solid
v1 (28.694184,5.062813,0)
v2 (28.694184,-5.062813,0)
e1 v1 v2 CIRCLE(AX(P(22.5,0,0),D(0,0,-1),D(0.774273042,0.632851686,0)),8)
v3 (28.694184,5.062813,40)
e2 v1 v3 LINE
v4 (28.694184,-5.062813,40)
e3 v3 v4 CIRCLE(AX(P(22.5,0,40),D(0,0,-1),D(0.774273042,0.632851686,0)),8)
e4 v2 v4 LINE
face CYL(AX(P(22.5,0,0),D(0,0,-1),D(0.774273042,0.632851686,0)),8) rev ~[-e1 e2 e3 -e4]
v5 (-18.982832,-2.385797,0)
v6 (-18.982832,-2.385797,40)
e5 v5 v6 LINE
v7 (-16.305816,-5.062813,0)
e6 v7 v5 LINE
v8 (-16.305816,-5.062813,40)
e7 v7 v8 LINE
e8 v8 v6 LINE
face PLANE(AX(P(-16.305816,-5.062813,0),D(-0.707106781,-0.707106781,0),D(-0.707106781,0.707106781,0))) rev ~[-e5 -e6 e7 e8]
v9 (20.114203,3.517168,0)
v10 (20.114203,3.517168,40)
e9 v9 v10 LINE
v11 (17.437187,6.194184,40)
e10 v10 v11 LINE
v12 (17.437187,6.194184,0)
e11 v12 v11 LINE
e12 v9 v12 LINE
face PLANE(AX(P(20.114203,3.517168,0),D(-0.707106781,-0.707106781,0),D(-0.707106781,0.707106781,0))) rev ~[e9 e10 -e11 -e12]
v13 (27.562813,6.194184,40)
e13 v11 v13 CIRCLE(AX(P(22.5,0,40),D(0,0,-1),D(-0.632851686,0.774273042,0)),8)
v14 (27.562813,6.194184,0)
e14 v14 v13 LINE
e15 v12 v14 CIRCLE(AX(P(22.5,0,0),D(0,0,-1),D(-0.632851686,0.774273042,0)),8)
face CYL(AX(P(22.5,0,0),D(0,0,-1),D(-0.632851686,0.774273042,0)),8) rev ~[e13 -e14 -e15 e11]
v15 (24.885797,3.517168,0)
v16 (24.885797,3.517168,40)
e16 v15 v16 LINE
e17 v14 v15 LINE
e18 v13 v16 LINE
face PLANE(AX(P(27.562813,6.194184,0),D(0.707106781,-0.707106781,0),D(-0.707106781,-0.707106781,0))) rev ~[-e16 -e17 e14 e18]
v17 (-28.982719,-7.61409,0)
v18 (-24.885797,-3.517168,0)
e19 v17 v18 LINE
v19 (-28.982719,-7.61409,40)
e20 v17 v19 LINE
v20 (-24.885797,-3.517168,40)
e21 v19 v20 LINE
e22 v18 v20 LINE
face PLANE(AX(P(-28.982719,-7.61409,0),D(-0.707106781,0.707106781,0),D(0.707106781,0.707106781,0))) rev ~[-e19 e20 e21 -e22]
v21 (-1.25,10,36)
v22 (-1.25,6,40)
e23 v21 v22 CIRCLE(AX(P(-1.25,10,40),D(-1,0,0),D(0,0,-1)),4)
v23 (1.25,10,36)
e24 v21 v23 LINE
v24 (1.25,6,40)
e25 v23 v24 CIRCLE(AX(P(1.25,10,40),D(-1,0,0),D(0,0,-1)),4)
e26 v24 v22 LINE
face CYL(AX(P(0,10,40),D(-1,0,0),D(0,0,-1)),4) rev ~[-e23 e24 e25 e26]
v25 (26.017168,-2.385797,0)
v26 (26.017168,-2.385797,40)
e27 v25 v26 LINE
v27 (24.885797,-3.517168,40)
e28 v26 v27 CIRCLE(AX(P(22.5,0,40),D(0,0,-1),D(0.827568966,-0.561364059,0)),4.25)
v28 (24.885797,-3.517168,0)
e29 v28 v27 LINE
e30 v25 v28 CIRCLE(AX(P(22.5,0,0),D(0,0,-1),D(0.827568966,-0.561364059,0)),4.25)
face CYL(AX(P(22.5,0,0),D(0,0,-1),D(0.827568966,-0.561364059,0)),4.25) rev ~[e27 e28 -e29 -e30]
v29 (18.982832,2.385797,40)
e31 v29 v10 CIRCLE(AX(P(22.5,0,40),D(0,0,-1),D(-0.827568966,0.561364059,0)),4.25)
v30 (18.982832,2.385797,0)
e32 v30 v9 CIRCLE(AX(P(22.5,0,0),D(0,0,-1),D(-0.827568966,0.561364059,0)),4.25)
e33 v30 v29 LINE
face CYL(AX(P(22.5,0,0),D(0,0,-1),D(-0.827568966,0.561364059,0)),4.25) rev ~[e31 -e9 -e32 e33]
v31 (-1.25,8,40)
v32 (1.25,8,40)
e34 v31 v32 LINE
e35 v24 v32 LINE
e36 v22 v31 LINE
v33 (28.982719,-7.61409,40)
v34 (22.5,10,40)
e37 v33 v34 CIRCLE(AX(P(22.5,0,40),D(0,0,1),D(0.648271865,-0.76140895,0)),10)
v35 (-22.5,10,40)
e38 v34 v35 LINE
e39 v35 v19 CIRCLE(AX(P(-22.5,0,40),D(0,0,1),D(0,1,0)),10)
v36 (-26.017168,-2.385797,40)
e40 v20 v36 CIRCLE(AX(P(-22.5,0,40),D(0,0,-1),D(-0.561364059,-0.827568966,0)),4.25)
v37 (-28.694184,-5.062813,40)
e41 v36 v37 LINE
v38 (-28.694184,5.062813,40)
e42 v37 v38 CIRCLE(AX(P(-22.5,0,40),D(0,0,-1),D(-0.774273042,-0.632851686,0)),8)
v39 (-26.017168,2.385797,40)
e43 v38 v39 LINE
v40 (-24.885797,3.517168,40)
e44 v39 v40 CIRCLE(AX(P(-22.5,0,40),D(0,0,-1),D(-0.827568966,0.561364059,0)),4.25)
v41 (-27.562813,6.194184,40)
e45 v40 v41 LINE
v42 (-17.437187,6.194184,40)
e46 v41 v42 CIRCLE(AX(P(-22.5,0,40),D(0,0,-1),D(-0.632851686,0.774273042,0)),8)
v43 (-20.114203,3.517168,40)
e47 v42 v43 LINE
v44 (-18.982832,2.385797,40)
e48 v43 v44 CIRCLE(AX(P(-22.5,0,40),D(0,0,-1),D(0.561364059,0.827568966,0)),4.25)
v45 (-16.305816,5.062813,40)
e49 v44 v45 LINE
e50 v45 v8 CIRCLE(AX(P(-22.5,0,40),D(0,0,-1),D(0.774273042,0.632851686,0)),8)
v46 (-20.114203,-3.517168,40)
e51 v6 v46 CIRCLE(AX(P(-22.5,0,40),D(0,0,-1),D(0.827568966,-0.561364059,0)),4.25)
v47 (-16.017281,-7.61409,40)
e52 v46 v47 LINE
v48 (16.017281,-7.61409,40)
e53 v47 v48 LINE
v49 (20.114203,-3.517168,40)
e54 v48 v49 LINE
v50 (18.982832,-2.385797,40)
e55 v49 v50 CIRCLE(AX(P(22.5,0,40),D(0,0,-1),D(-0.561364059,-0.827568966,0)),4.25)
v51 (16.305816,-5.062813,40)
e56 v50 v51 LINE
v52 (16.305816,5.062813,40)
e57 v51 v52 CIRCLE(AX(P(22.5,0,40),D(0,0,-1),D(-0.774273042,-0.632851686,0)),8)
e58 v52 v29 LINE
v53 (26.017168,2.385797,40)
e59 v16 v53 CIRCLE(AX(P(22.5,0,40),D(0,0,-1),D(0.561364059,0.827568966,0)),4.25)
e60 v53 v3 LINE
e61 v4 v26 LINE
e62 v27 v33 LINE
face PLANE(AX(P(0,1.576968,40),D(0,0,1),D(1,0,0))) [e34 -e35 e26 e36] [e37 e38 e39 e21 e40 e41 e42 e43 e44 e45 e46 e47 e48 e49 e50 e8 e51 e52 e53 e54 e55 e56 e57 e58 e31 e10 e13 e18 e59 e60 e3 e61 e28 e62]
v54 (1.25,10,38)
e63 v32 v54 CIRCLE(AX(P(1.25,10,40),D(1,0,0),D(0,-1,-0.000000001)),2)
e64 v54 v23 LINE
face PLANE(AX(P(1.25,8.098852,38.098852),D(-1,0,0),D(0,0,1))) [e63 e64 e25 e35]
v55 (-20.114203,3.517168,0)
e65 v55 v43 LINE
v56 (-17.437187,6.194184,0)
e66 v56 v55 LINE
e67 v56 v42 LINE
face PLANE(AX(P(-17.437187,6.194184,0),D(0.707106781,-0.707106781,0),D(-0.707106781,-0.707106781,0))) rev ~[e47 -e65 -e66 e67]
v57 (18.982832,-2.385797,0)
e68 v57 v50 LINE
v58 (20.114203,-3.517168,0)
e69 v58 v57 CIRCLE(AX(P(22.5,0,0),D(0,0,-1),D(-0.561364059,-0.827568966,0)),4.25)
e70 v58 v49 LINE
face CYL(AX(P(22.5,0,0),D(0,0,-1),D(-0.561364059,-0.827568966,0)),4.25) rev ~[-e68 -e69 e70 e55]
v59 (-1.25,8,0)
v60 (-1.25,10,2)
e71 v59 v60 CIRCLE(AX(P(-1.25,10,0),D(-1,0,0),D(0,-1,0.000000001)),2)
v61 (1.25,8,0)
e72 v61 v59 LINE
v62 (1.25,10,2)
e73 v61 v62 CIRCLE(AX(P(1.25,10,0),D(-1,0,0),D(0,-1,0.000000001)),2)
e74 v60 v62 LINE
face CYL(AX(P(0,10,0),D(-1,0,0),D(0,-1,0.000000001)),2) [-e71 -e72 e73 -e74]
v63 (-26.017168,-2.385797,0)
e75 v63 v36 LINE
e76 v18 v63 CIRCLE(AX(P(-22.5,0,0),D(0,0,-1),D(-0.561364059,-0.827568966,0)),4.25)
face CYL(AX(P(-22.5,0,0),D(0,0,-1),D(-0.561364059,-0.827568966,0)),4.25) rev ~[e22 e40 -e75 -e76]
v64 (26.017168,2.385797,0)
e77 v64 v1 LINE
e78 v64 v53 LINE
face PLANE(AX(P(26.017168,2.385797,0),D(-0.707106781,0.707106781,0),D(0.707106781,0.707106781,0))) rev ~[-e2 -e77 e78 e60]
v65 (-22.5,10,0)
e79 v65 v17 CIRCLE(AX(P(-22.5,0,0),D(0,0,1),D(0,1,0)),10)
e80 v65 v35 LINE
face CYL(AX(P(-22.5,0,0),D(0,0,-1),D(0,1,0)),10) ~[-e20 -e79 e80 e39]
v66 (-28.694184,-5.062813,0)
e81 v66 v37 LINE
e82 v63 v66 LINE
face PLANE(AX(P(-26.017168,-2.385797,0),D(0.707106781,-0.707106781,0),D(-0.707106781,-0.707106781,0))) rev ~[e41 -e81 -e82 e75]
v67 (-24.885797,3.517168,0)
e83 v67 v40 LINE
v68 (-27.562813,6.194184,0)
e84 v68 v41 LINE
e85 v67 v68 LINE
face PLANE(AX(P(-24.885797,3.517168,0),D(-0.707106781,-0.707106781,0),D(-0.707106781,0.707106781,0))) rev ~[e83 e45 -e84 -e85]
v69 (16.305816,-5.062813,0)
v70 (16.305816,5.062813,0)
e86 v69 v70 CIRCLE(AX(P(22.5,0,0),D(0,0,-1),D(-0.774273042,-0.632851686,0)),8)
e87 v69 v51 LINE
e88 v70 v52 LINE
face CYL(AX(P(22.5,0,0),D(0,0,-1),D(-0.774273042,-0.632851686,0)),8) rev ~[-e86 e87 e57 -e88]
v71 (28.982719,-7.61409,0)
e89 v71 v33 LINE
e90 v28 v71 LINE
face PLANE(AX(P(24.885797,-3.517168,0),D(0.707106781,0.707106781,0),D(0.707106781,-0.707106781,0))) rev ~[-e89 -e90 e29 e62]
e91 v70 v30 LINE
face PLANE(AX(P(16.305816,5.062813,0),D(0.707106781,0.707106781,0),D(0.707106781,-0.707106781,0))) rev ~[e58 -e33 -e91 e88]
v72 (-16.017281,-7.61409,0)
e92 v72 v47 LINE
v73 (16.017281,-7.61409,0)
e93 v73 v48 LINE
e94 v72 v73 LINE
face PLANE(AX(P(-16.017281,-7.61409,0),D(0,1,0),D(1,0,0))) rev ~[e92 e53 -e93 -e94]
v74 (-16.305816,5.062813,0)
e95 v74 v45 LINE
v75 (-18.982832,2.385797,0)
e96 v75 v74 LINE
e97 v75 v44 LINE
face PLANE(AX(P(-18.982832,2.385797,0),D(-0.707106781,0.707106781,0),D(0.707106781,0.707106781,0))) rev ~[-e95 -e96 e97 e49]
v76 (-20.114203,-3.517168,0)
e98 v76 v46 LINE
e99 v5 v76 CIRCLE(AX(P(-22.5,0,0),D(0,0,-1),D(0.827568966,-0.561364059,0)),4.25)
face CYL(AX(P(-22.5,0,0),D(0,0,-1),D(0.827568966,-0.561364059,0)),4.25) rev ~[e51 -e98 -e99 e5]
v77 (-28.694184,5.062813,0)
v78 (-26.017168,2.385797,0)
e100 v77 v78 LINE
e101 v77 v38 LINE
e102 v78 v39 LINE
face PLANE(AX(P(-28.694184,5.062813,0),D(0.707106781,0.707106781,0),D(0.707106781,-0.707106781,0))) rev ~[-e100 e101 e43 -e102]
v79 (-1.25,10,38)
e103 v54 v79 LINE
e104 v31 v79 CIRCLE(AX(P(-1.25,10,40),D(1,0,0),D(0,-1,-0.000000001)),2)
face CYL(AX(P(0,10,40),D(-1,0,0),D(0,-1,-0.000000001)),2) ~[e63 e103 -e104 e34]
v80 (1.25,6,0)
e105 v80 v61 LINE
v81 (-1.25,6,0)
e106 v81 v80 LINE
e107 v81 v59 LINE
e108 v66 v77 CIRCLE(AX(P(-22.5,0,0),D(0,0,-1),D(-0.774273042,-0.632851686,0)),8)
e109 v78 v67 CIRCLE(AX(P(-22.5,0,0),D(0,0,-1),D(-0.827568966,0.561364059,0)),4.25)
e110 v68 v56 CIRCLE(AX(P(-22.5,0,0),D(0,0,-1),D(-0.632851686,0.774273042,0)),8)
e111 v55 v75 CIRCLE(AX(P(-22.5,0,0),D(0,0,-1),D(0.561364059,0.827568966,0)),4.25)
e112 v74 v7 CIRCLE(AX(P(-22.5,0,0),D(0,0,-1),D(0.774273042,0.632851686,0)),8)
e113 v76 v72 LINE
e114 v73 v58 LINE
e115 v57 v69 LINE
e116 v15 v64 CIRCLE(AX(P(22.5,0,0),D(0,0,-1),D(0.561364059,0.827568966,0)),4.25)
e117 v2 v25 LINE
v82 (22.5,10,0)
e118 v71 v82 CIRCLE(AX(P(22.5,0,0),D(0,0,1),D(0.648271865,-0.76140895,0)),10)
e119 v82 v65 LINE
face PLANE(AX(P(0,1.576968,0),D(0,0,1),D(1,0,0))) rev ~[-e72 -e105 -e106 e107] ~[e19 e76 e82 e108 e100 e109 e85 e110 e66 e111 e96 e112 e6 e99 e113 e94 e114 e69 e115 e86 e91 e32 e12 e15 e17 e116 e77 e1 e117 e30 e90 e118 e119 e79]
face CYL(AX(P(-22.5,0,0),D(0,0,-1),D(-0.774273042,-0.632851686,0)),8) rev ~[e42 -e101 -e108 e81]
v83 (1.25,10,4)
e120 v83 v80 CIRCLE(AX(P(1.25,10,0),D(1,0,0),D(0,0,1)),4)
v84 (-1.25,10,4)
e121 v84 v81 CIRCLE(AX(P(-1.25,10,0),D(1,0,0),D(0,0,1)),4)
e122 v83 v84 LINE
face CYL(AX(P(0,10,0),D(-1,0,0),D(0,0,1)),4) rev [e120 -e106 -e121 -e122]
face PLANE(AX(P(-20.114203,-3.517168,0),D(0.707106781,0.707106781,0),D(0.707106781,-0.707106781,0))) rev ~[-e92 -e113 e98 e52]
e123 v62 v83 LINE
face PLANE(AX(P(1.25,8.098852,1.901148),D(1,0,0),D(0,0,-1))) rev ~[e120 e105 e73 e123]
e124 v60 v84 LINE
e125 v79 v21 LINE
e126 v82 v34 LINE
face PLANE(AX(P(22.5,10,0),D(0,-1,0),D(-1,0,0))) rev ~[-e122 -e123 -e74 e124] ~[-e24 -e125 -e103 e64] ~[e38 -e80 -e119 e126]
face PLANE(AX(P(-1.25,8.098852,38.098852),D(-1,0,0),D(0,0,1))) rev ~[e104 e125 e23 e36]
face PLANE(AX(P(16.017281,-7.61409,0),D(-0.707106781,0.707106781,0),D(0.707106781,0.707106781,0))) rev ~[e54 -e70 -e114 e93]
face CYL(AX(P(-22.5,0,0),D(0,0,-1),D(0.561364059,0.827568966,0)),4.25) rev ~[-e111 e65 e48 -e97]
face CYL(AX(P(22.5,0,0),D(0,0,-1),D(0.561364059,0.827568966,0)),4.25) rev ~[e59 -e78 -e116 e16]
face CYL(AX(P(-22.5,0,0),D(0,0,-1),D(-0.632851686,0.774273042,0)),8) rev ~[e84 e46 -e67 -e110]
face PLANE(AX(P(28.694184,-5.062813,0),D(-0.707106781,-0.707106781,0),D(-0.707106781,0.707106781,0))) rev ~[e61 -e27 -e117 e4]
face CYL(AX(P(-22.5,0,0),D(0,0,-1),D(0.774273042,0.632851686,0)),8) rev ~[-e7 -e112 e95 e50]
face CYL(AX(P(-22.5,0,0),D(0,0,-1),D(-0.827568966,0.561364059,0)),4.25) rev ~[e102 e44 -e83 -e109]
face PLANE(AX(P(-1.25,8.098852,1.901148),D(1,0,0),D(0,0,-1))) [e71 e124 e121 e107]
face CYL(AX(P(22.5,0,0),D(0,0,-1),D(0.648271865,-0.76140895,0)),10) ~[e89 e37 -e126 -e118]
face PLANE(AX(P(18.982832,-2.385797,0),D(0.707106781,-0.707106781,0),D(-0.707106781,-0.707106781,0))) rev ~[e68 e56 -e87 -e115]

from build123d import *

# Parameters (mm, degrees)
BOSS_EXTRUDE1_DEPTH     = 40
CUT_EXTRUDE1_DEPTH      = 1.25
CUT_EXTRUDE1_DEPTH_BACK = 1.25


with BuildPart() as part:
    # Sketch1 → Boss-Extrude1 (new body)
    with BuildSketch(Plane.XY):
        with BuildLine():
            Line((-18.982831897, 2.385797253), (-16.305815663, 5.062813487))
            ThreePointArc((-16.305815663, 5.062813487), (-14.5, 0), (-16.305815663, -5.062813487))
            Line((-16.305815663, -5.062813487), (-18.982831897, -2.385797253))
            ThreePointArc((-18.982831897, -2.385797253), (-19.49479618, -3.00520382), (-20.114202747, -3.517168103))
            Line((-20.114202747, -3.517168103), (-16.01728135, -7.6140895))
            Line((-16.01728135, -7.6140895), (16.01728135, -7.6140895))
            Line((16.01728135, -7.6140895), (20.114202747, -3.517168103))
            ThreePointArc((20.114202747, -3.517168103), (19.49479618, -3.00520382), (18.982831897, -2.385797253))
            Line((18.982831897, -2.385797253), (16.305815663, -5.062813487))
            ThreePointArc((16.305815663, -5.062813487), (14.5, 0), (16.305815663, 5.062813487))
            Line((16.305815663, 5.062813487), (18.982831897, 2.385797253))
            ThreePointArc((18.982831897, 2.385797253), (19.49479618, 3.00520382), (20.114202747, 3.517168103))
            Line((20.114202747, 3.517168103), (17.437186513, 6.194184337))
            ThreePointArc((17.437186513, 6.194184337), (22.5, 8), (27.562813487, 6.194184337))
            Line((27.562813487, 6.194184337), (24.885797253, 3.517168103))
            ThreePointArc((24.885797253, 3.517168103), (25.50520382, 3.00520382), (26.017168103, 2.385797253))
            Line((26.017168103, 2.385797253), (28.694184337, 5.062813487))
            ThreePointArc((28.694184337, 5.062813487), (30.5, 0), (28.694184337, -5.062813487))
            Line((28.694184337, -5.062813487), (26.017168103, -2.385797253))
            ThreePointArc((26.017168103, -2.385797253), (25.50520382, -3.00520382), (24.885797253, -3.517168103))
            Line((24.885797253, -3.517168103), (28.98271865, -7.6140895))
            ThreePointArc((28.98271865, -7.6140895), (31.884585633, 3.453918427), (22.5, 10))
            Line((22.5, 10), (-22.5, 10))
            ThreePointArc((-22.5, 10), (-31.884585633, 3.453918427), (-28.98271865, -7.6140895))
            Line((-28.98271865, -7.6140895), (-24.885797253, -3.517168103))
            ThreePointArc((-24.885797253, -3.517168103), (-25.50520382, -3.00520382), (-26.017168103, -2.385797253))
            Line((-26.017168103, -2.385797253), (-28.694184337, -5.062813487))
            ThreePointArc((-28.694184337, -5.062813487), (-30.5, 0), (-28.694184337, 5.062813487))
            Line((-28.694184337, 5.062813487), (-26.017168103, 2.385797253))
            ThreePointArc((-26.017168103, 2.385797253), (-25.50520382, 3.00520382), (-24.885797253, 3.517168103))
            Line((-24.885797253, 3.517168103), (-27.562813487, 6.194184337))
            ThreePointArc((-27.562813487, 6.194184337), (-22.5, 8), (-17.437186513, 6.194184337))
            Line((-17.437186513, 6.194184337), (-20.114202747, 3.517168103))
            ThreePointArc((-20.114202747, 3.517168103), (-19.49479618, 3.00520382), (-18.982831897, 2.385797253))
        make_face()
    extrude(amount=BOSS_EXTRUDE1_DEPTH)

    # Sketch2 → Cut-Extrude1 (cut, two sides: drawn at the far end of the back side and taken through both)
    with BuildSketch(Plane(origin=(0, 0, 0), x_dir=(0, 0, -1), z_dir=(1, 0, 0)).offset(-CUT_EXTRUDE1_DEPTH_BACK)):
        with BuildLine():
            Line((-40, 6), (-40, 8))
            ThreePointArc((-40, 8), (-38.585786438, 8.585786438), (-38, 10))
            Line((-38, 10), (-36, 10))
            ThreePointArc((-36, 10), (-37.171572875, 7.171572875), (-40, 6))
        make_face()
        with BuildLine():
            Line((-2, 10), (-4, 10))
            ThreePointArc((-4, 10), (-2.828427125, 7.171572875), (0, 6))
            Line((0, 6), (0, 8))
            ThreePointArc((0, 8), (-1.414213562, 8.585786438), (-2, 10))
        make_face()
    extrude(amount=CUT_EXTRUDE1_DEPTH + CUT_EXTRUDE1_DEPTH_BACK, mode=Mode.SUBTRACT)


solid = part.part
